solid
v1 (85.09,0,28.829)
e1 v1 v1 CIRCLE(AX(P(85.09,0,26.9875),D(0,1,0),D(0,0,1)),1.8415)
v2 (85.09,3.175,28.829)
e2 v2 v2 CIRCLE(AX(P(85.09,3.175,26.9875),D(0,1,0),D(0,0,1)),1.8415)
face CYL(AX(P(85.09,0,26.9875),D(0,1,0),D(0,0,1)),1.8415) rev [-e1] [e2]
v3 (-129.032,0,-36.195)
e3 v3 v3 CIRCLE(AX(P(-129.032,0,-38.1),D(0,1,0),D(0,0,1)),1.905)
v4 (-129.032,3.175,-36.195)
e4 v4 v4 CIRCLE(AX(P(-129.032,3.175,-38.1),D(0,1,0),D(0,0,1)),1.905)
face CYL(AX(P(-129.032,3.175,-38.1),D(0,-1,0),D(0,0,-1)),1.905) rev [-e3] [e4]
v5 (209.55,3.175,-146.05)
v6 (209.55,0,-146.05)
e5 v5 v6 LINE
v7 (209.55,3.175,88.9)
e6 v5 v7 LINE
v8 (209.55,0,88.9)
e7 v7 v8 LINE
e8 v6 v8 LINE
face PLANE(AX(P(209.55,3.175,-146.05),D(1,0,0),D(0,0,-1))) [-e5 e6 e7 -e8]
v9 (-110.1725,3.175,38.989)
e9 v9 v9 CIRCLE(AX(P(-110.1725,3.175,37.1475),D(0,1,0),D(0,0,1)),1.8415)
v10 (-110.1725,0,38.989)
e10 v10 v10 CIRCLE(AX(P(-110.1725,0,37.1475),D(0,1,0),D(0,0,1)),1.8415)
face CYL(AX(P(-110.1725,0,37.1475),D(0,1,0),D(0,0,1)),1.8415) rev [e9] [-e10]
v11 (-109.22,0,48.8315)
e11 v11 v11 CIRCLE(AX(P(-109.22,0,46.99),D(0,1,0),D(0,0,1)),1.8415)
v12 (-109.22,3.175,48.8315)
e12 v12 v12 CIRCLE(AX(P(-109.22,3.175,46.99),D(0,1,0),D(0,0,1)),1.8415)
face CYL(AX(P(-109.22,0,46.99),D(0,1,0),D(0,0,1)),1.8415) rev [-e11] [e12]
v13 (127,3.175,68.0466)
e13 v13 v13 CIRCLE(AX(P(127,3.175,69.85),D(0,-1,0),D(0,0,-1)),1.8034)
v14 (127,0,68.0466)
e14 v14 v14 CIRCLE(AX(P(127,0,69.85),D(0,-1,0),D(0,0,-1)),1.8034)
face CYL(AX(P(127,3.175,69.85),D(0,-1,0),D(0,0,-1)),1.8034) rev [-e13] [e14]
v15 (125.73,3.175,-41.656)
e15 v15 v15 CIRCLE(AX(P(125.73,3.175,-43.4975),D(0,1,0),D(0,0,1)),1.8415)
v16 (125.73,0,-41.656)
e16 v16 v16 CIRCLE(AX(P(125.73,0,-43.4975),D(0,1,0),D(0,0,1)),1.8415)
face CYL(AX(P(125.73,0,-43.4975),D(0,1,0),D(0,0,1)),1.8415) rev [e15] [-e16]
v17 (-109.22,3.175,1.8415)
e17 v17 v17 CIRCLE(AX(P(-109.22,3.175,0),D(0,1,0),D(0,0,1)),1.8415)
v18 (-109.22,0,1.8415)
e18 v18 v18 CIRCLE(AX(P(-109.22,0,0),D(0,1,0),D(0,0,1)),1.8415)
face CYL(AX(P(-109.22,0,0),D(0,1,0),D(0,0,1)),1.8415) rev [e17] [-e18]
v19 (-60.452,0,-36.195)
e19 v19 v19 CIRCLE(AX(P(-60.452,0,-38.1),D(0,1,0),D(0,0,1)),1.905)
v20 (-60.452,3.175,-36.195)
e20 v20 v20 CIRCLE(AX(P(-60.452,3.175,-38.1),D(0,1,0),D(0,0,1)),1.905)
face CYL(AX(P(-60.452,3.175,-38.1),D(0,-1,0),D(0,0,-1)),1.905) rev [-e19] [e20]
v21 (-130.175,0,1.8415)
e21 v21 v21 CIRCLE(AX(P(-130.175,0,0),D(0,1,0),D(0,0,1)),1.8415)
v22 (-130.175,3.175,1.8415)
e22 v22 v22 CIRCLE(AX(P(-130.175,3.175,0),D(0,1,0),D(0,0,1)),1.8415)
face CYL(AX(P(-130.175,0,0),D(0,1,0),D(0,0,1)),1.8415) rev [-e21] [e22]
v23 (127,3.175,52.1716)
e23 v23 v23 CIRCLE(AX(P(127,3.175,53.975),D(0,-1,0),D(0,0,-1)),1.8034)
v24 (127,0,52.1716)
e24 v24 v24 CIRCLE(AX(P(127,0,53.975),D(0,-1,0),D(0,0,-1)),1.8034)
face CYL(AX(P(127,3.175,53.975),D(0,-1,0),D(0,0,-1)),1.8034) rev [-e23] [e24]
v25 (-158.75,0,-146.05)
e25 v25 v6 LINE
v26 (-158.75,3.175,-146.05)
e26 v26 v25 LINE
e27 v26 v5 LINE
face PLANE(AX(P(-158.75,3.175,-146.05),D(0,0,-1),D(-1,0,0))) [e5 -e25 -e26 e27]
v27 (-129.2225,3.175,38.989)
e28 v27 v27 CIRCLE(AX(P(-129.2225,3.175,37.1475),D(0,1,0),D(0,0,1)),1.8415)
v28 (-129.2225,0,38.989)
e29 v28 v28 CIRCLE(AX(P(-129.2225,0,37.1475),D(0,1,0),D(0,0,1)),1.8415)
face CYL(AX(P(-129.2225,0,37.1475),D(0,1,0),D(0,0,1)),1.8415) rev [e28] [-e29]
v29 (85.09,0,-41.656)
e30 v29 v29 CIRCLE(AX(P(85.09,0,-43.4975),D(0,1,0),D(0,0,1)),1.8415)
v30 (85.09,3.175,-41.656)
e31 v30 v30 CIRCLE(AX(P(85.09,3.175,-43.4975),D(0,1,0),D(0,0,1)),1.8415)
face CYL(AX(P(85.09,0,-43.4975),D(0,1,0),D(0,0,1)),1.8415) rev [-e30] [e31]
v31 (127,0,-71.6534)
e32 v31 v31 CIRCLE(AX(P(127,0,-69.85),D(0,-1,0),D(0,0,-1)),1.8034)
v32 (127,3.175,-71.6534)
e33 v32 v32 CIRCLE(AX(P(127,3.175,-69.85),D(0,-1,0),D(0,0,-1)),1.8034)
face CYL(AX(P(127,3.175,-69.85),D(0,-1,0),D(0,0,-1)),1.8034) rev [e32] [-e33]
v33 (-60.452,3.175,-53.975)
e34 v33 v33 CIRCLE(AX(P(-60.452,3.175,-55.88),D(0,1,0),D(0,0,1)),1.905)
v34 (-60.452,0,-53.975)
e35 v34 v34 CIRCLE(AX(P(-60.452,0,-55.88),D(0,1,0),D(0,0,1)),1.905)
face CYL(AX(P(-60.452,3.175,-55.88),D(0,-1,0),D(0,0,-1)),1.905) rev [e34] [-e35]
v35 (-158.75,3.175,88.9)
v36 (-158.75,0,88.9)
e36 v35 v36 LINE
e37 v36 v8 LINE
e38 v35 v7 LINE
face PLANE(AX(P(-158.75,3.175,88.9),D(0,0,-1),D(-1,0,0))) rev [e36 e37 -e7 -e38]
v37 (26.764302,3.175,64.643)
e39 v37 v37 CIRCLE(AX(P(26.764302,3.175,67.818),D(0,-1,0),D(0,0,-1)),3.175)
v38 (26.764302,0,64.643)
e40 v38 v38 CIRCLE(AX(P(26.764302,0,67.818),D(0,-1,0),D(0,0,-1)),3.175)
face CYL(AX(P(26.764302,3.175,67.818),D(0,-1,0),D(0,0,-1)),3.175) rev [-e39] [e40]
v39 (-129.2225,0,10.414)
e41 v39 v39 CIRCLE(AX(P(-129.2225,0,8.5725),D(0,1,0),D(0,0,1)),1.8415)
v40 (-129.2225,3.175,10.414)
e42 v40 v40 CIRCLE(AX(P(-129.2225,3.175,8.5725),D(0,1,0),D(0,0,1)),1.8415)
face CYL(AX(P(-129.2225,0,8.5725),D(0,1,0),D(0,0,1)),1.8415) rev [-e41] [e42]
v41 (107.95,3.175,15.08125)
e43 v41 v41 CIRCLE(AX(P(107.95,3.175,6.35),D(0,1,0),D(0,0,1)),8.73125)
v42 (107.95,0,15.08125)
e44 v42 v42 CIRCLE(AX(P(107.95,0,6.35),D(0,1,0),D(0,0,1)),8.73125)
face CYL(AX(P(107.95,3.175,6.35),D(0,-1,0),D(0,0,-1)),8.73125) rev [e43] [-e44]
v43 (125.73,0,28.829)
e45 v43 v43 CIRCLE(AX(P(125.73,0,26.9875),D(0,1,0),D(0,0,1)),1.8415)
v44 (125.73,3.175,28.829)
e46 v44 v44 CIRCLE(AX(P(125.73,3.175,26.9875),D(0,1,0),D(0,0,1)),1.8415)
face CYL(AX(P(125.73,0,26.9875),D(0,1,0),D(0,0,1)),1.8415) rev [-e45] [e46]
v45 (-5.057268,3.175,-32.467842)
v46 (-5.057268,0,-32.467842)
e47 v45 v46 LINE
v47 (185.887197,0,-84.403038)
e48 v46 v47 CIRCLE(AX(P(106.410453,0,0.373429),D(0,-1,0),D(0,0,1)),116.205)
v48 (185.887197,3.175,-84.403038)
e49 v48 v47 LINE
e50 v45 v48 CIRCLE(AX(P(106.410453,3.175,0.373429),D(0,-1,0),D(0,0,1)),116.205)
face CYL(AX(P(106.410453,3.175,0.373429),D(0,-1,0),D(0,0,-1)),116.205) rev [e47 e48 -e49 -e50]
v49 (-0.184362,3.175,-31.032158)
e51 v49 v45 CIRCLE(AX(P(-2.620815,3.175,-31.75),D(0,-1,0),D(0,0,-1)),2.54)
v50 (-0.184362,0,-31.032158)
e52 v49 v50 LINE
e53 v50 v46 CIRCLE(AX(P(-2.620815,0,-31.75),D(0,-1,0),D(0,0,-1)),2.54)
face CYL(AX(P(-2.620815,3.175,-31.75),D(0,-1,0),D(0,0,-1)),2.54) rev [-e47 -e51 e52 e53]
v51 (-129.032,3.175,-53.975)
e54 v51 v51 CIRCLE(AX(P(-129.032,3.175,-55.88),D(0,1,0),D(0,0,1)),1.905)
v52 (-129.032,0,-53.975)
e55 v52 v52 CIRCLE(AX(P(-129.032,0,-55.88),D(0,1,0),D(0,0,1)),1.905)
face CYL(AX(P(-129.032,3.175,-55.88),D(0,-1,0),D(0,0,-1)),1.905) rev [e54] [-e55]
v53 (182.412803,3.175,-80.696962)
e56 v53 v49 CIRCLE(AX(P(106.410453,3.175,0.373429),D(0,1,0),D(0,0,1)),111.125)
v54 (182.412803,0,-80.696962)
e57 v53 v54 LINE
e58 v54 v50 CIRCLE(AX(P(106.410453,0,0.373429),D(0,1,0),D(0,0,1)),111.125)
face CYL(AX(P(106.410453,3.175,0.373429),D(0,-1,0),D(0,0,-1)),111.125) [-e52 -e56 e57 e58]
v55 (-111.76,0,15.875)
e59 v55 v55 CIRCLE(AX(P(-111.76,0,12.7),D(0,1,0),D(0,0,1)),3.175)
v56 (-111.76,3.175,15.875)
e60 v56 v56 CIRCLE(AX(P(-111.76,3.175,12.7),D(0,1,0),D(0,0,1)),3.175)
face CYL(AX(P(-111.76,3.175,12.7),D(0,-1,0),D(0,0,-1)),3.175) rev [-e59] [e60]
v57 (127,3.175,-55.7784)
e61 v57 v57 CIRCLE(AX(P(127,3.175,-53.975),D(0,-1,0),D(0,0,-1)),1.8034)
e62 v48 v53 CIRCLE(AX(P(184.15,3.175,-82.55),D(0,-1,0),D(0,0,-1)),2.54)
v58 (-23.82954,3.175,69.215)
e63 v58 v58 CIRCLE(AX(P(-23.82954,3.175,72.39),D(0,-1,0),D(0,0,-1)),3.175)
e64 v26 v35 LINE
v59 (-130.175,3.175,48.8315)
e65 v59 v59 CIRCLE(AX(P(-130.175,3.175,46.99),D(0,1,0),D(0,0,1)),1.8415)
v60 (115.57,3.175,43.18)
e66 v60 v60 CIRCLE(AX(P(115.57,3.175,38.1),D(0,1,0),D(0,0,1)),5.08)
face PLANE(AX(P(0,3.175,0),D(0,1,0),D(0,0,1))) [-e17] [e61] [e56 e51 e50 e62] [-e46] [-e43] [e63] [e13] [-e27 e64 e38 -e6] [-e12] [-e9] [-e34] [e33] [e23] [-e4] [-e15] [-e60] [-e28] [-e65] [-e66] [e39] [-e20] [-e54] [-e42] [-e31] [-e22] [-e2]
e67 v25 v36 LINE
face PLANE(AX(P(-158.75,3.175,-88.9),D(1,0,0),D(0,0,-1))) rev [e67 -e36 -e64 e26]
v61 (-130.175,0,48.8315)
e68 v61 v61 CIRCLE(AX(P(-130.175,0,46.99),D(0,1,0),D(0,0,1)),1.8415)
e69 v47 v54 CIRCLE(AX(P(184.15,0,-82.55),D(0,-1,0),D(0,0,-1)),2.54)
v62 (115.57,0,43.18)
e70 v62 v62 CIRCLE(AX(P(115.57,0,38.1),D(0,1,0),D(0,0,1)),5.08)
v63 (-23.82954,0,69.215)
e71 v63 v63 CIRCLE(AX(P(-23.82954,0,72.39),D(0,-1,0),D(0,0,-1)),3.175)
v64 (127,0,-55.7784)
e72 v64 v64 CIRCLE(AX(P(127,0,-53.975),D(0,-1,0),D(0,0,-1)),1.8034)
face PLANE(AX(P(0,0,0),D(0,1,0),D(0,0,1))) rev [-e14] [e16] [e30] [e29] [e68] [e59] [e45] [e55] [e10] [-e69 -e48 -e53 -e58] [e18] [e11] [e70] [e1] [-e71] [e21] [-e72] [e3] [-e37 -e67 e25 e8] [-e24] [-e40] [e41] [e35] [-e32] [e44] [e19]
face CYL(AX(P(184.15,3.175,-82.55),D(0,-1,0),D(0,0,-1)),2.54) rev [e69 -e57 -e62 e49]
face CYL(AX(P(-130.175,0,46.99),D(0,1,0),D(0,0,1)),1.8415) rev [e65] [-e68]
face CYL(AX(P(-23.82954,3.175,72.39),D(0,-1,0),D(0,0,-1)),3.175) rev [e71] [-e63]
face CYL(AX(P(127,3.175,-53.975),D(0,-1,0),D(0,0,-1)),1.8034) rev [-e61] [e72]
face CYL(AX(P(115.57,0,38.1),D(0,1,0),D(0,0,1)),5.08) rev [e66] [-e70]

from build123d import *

# Parameters (mm, degrees)
SKETCH1_W           = 317.5
SKETCH1_H           = 177.8
SKETCH1_R           = 3.175
SKETCH1_R_2         = 8.73125
SKETCH1_R_3         = 1.905
BOSS_EXTRUDE1_DEPTH = 3.175
SKETCH3_R           = 3.175
CUT_EXTRUDE2_DEPTH  = 182.974869488
SKETCH4_W           = 25.4
SKETCH4_H           = 177.8
CUT_EXTRUDE3_DEPTH  = 182.974869488
SKETCH5_R           = 5.08
CUT_EXTRUDE4_DEPTH  = 182.974869488
SKETCH6_R           = 1.8034
CUT_EXTRUDE5_DEPTH  = 182.974869488
SKETCH7_R           = 1.8415
CUT_EXTRUDE6_DEPTH  = 182.974869488
BOSS_EXTRUDE2_DEPTH = 3.175
CUT_EXTRUDE7_DEPTH  = 256.444486386


with BuildPart() as part:
    # Sketch1 → Boss-Extrude1 (new body)
    with BuildSketch(Plane(origin=(0, 0, 0), x_dir=(1, 0, 0), z_dir=(0, 1, 0))):
        Rectangle(SKETCH1_W, SKETCH1_H)
        with Locations(Location((-111.76, -12.7, 0), (0, 0, 270))):
            Circle(SKETCH1_R, mode=Mode.SUBTRACT)
        with Locations(Location((107.95, -6.35, 0), (0, 0, 270))):
            Circle(SKETCH1_R_2, mode=Mode.SUBTRACT)
        with Locations(Location((-129.032, 55.88, 0), (0, 0, 270))):
            Circle(SKETCH1_R_3, mode=Mode.SUBTRACT)
        with Locations(Location((-60.452, 55.88, 0), (0, 0, 270))):
            Circle(SKETCH1_R_3, mode=Mode.SUBTRACT)
        with Locations(Location((-129.032, 38.1, 0), (0, 0, 270))):
            Circle(SKETCH1_R_3, mode=Mode.SUBTRACT)
        with Locations(Location((-60.452, 38.1, 0), (0, 0, 270))):
            Circle(SKETCH1_R_3, mode=Mode.SUBTRACT)
    extrude(amount=BOSS_EXTRUDE1_DEPTH)

    # Sketch3 → Cut-Extrude2 (cut, through all)
    with BuildSketch(Plane(origin=(0, 0, 0), x_dir=(-1, 0, 0), z_dir=(0, -1, 0))):
        with Locations(Location((23.829539609, -72.39, 0), (0, 0, 90))):
            Circle(SKETCH3_R)
        with Locations(Location((-26.764302072, -67.818, 0), (0, 0, 90))):
            Circle(SKETCH3_R)
    extrude(amount=-CUT_EXTRUDE2_DEPTH, mode=Mode.SUBTRACT)

    # Sketch4 → Cut-Extrude3 (cut, through all)
    with BuildSketch(Plane(origin=(0, 3.175, 0), x_dir=(1, 0, 0), z_dir=(0, 1, 0))):
        with Locations((146.05, 0)):
            Rectangle(SKETCH4_W, SKETCH4_H)
    extrude(amount=-CUT_EXTRUDE3_DEPTH, mode=Mode.SUBTRACT)

    # Sketch5 → Cut-Extrude4 (cut, through all)
    with BuildSketch(Plane(origin=(0, 3.175, 0), x_dir=(1, 0, 0), z_dir=(0, 1, 0))):
        with Locations(Location((115.57, -38.1, 0), (0, 0, 270))):
            Circle(SKETCH5_R)
    extrude(amount=-CUT_EXTRUDE4_DEPTH, mode=Mode.SUBTRACT)

    # Sketch6 → Cut-Extrude5 (cut, through all)
    with BuildSketch(Plane.XZ):
        with Locations(Location((127, 69.85, 0), (0, 0, 270))):
            Circle(SKETCH6_R)
        with Locations(Location((127, 53.975, 0), (0, 0, 270))):
            Circle(SKETCH6_R)
        with Locations(Location((127, -53.975, 0), (0, 0, 270))):
            Circle(SKETCH6_R)
        with Locations(Location((127, -69.85, 0), (0, 0, 270))):
            Circle(SKETCH6_R)
    extrude(amount=-CUT_EXTRUDE5_DEPTH, mode=Mode.SUBTRACT)

    # Sketch7 → Cut-Extrude6 (cut, through all)
    with BuildSketch(Plane(origin=(0, 3.175, 0), x_dir=(1, 0, 0), z_dir=(0, 1, 0))):
        with Locations(Location((125.73, 43.4975, 0), (0, 0, 270))):
            Circle(SKETCH7_R)
        with Locations(Location((85.09, 43.4975, 0), (0, 0, 270))):
            Circle(SKETCH7_R)
        with Locations(Location((85.09, -26.9875, 0), (0, 0, 270))):
            Circle(SKETCH7_R)
        with Locations(Location((125.73, -26.9875, 0), (0, 0, 270))):
            Circle(SKETCH7_R)
        with Locations(Location((-130.175, -46.99, 0), (0, 0, 270))):
            Circle(SKETCH7_R)
        with Locations(Location((-109.22, -46.99, 0), (0, 0, 270))):
            Circle(SKETCH7_R)
        with Locations(Location((-129.2225, -37.1475, 0), (0, 0, 270))):
            Circle(SKETCH7_R)
        with Locations(Location((-110.1725, -37.1475, 0), (0, 0, 270))):
            Circle(SKETCH7_R)
        with Locations(Location((-129.2225, -8.5725, 0), (0, 0, 270))):
            Circle(SKETCH7_R)
        with Locations(Location((-130.175, 0, 0), (0, 0, 270))):
            Circle(SKETCH7_R)
        with Locations(Location((-109.22, 0, 0), (0, 0, 270))):
            Circle(SKETCH7_R)
    extrude(amount=-CUT_EXTRUDE6_DEPTH, mode=Mode.SUBTRACT)

    # Sketch8 → Boss-Extrude2 (add, through all)
    with BuildSketch(Plane.XZ):
        Polygon((133.35, 88.9), (133.35, -88.9), (-158.75, -88.9), (-158.75, -146.05), (209.55, -146.05), (209.55, 88.9), align=None)
    extrude(amount=-BOSS_EXTRUDE2_DEPTH)

    # Sketch9 → Cut-Extrude7 (cut, through all)
    with BuildSketch(Plane.XZ):
        with BuildLine():
            ThreePointArc((185.887196571, -84.403037526), (186.003037526, -80.812803429), (182.412803429, -80.696962474))
            ThreePointArc((182.412803429, -80.696962474), (77.245012608, -106.855963541), (-0.184362161, -31.032158005))
            ThreePointArc((-0.184362161, -31.032158005), (-3.338657084, -29.313547072), (-5.057268017, -32.467841995))
            ThreePointArc((-5.057268017, -32.467841995), (75.911735313, -111.757878642), (185.887196571, -84.403037526))
        make_face()
    extrude(amount=-CUT_EXTRUDE7_DEPTH, mode=Mode.SUBTRACT)


solid = part.part
